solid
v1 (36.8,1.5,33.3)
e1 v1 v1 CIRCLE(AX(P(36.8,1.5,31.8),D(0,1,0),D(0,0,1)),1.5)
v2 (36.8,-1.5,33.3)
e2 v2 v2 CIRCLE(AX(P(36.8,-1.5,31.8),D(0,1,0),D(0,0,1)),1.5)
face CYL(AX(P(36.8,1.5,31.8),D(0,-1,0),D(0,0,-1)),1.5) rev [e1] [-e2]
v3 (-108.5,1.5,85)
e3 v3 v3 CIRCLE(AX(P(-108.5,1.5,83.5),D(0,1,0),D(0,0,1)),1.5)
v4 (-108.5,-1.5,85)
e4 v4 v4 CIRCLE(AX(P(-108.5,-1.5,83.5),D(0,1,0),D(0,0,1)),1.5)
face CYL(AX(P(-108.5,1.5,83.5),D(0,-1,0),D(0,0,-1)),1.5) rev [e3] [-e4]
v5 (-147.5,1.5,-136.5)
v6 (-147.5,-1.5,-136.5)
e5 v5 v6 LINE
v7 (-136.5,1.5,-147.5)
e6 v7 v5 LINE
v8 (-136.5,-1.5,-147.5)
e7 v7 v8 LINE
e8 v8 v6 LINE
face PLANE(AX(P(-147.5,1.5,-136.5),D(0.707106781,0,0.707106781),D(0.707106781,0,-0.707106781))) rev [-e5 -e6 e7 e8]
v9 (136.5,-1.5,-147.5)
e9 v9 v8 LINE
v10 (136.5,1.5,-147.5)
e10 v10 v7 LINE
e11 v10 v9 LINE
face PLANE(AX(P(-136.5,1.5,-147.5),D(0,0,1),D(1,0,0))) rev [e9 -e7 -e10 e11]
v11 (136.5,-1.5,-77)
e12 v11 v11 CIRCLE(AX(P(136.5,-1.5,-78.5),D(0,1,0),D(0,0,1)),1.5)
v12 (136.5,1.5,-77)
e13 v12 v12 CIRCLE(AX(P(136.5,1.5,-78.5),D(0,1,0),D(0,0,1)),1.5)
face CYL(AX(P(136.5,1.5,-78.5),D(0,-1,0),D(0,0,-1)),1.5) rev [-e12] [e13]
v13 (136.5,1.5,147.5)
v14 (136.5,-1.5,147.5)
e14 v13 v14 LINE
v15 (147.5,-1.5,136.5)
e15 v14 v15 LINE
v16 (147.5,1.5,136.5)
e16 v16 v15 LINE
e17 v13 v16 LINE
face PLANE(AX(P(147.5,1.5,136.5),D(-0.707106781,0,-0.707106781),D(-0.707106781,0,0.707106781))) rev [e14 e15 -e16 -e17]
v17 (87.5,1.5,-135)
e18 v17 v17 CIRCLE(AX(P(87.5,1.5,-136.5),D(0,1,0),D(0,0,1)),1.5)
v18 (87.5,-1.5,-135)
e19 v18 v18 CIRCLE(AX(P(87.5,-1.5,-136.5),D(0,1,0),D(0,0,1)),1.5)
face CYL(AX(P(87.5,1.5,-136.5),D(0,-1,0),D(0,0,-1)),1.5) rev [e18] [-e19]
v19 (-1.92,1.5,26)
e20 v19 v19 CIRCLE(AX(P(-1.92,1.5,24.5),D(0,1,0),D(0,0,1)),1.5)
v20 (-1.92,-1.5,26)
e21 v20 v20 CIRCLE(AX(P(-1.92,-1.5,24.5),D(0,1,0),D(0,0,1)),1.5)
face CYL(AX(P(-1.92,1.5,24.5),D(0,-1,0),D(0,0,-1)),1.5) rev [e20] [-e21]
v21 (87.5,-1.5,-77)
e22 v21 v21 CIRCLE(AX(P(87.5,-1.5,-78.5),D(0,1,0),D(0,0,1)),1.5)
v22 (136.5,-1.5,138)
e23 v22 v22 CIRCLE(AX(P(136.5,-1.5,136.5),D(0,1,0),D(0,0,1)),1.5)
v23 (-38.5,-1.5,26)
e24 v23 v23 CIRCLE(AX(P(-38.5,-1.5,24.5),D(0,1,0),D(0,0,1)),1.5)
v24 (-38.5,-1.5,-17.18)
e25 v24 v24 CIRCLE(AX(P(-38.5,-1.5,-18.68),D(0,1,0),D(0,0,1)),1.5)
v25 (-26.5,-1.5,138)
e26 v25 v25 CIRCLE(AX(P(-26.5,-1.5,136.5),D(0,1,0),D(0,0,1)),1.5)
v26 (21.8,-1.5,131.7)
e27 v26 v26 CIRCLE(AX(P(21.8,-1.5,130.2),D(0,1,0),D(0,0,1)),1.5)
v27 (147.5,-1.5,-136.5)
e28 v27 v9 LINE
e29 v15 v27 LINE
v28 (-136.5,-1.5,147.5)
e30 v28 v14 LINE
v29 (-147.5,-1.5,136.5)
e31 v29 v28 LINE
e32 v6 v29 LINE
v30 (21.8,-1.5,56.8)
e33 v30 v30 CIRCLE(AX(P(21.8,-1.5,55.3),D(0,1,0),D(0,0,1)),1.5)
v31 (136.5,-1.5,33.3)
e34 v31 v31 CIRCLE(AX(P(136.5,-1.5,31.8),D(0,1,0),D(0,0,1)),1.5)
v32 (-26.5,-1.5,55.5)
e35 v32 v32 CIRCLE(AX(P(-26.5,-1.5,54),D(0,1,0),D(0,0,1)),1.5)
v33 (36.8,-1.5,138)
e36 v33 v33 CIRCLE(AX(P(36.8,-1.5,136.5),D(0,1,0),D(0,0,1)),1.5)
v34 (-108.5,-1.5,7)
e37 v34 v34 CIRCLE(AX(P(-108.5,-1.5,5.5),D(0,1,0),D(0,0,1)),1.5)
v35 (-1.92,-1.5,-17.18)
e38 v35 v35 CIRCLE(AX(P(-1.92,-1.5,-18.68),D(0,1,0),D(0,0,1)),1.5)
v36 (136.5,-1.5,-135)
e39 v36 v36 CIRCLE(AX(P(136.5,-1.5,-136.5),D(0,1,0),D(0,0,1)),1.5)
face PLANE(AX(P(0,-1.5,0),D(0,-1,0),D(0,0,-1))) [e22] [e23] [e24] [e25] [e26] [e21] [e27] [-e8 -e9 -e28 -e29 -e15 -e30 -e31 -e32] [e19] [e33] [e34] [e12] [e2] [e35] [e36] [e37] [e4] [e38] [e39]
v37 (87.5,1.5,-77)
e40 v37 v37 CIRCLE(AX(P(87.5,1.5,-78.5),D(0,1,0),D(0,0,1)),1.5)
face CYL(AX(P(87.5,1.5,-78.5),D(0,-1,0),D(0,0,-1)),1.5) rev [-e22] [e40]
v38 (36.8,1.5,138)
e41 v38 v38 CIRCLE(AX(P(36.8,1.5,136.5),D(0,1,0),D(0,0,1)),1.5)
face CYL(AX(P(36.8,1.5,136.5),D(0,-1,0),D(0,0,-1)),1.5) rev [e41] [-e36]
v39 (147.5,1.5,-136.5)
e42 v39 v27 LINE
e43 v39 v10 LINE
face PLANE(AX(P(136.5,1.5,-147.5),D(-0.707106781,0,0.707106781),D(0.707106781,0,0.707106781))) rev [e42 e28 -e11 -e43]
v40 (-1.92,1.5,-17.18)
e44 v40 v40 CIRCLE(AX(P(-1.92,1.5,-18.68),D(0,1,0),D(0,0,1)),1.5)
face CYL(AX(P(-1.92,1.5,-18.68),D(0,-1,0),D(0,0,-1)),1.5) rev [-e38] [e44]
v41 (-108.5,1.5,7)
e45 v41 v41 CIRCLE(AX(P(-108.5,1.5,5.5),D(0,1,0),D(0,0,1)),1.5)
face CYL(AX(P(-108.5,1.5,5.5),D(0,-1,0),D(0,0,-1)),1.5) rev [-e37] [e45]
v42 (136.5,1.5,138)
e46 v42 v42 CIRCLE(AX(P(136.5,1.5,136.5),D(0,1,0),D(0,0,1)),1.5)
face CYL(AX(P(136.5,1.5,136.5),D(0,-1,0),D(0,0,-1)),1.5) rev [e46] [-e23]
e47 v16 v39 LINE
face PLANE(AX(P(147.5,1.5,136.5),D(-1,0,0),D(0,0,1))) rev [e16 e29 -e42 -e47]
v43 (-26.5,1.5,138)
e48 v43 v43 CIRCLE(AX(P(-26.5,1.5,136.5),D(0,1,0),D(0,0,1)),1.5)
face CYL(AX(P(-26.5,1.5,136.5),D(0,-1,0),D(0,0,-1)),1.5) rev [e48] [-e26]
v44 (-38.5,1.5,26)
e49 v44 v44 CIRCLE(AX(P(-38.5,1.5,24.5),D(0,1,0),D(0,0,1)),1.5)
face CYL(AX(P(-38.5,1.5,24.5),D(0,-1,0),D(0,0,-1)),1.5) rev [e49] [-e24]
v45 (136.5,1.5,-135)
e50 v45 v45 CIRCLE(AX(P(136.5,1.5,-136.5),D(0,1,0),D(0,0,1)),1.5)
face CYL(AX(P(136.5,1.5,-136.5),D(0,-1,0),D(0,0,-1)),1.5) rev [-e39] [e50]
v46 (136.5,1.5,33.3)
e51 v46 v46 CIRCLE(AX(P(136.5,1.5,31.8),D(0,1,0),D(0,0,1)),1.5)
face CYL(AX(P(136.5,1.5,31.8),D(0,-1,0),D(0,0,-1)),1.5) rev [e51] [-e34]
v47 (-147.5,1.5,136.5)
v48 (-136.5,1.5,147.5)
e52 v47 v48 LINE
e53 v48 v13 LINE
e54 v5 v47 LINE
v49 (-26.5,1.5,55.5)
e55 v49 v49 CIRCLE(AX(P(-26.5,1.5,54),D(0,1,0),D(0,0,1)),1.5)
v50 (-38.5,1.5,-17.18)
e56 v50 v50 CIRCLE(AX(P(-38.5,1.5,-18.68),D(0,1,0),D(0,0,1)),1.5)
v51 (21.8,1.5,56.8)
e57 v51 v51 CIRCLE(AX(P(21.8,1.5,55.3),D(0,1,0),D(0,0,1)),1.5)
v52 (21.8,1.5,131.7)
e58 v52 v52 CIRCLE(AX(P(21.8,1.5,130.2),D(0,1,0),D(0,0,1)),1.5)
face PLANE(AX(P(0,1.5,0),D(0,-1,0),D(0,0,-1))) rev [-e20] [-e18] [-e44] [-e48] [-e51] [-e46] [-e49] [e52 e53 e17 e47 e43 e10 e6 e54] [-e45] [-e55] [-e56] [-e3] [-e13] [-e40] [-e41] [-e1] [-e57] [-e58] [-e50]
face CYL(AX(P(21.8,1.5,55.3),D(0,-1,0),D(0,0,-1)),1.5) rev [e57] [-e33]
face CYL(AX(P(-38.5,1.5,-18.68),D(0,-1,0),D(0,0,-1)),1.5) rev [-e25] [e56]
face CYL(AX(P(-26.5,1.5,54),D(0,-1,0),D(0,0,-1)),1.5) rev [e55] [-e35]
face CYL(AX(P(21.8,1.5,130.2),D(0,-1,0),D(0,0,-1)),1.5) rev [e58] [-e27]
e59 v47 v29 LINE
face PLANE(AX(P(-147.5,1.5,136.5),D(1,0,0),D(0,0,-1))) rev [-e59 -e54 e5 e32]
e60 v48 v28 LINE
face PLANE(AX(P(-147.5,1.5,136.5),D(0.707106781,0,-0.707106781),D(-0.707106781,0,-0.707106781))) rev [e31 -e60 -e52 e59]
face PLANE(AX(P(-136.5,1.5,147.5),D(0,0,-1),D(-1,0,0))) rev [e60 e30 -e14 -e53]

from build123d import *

# Parameters (mm, degrees)
SKETCH1_R           = 1.5
BOSS_EXTRUDE1_DEPTH = 1.5


with BuildPart() as part:
    # Sketch1 → Boss-Extrude1 (new, symmetric)
    with BuildSketch(Plane(origin=(0, 0, 0), x_dir=(1, 0, 0), z_dir=(0, 1, 0))):
        Polygon((-147.5, 136.5), (-136.5, 147.5), (136.5, 147.5), (147.5, 136.5), (147.5, -136.5), (136.5, -147.5), (-136.5, -147.5), (-147.5, -136.5), align=None)
        with Locations(Location((-26.5, -136.5, 0), (0, 0, 270))):
            Circle(SKETCH1_R, mode=Mode.SUBTRACT)
        with Locations(Location((-26.5, -54, 0), (0, 0, 270))):
            Circle(SKETCH1_R, mode=Mode.SUBTRACT)
        with Locations(Location((21.8, -55.3, 0), (0, 0, 270))):
            Circle(SKETCH1_R, mode=Mode.SUBTRACT)
        with Locations(Location((21.8, -130.2, 0), (0, 0, 270))):
            Circle(SKETCH1_R, mode=Mode.SUBTRACT)
        with Locations(Location((-108.5, -83.5, 0), (0, 0, 270))):
            Circle(SKETCH1_R, mode=Mode.SUBTRACT)
        with Locations(Location((-108.5, -5.5, 0), (0, 0, 270))):
            Circle(SKETCH1_R, mode=Mode.SUBTRACT)
        with Locations(Location((-38.5, -24.5, 0), (0, 0, 270))):
            Circle(SKETCH1_R, mode=Mode.SUBTRACT)
        with Locations(Location((-1.92, 18.68, 0), (0, 0, 270))):
            Circle(SKETCH1_R, mode=Mode.SUBTRACT)
        with Locations(Location((-38.5, 18.68, 0), (0, 0, 270))):
            Circle(SKETCH1_R, mode=Mode.SUBTRACT)
        with Locations(Location((-1.92, -24.5, 0), (0, 0, 270))):
            Circle(SKETCH1_R, mode=Mode.SUBTRACT)
        with Locations(Location((136.5, 136.5, 0), (0, 0, 270))):
            Circle(SKETCH1_R, mode=Mode.SUBTRACT)
        with Locations(Location((87.5, 136.5, 0), (0, 0, 270))):
            Circle(SKETCH1_R, mode=Mode.SUBTRACT)
        with Locations(Location((87.5, 78.5, 0), (0, 0, 270))):
            Circle(SKETCH1_R, mode=Mode.SUBTRACT)
        with Locations(Location((136.5, 78.5, 0), (0, 0, 270))):
            Circle(SKETCH1_R, mode=Mode.SUBTRACT)
        with Locations(Location((136.5, -136.5, 0), (0, 0, 270))):
            Circle(SKETCH1_R, mode=Mode.SUBTRACT)
        with Locations(Location((36.8, -136.5, 0), (0, 0, 270))):
            Circle(SKETCH1_R, mode=Mode.SUBTRACT)
        with Locations(Location((36.8, -31.8, 0), (0, 0, 270))):
            Circle(SKETCH1_R, mode=Mode.SUBTRACT)
        with Locations(Location((136.5, -31.8, 0), (0, 0, 270))):
            Circle(SKETCH1_R, mode=Mode.SUBTRACT)
    extrude(amount=BOSS_EXTRUDE1_DEPTH, both=True)


solid = part.part
